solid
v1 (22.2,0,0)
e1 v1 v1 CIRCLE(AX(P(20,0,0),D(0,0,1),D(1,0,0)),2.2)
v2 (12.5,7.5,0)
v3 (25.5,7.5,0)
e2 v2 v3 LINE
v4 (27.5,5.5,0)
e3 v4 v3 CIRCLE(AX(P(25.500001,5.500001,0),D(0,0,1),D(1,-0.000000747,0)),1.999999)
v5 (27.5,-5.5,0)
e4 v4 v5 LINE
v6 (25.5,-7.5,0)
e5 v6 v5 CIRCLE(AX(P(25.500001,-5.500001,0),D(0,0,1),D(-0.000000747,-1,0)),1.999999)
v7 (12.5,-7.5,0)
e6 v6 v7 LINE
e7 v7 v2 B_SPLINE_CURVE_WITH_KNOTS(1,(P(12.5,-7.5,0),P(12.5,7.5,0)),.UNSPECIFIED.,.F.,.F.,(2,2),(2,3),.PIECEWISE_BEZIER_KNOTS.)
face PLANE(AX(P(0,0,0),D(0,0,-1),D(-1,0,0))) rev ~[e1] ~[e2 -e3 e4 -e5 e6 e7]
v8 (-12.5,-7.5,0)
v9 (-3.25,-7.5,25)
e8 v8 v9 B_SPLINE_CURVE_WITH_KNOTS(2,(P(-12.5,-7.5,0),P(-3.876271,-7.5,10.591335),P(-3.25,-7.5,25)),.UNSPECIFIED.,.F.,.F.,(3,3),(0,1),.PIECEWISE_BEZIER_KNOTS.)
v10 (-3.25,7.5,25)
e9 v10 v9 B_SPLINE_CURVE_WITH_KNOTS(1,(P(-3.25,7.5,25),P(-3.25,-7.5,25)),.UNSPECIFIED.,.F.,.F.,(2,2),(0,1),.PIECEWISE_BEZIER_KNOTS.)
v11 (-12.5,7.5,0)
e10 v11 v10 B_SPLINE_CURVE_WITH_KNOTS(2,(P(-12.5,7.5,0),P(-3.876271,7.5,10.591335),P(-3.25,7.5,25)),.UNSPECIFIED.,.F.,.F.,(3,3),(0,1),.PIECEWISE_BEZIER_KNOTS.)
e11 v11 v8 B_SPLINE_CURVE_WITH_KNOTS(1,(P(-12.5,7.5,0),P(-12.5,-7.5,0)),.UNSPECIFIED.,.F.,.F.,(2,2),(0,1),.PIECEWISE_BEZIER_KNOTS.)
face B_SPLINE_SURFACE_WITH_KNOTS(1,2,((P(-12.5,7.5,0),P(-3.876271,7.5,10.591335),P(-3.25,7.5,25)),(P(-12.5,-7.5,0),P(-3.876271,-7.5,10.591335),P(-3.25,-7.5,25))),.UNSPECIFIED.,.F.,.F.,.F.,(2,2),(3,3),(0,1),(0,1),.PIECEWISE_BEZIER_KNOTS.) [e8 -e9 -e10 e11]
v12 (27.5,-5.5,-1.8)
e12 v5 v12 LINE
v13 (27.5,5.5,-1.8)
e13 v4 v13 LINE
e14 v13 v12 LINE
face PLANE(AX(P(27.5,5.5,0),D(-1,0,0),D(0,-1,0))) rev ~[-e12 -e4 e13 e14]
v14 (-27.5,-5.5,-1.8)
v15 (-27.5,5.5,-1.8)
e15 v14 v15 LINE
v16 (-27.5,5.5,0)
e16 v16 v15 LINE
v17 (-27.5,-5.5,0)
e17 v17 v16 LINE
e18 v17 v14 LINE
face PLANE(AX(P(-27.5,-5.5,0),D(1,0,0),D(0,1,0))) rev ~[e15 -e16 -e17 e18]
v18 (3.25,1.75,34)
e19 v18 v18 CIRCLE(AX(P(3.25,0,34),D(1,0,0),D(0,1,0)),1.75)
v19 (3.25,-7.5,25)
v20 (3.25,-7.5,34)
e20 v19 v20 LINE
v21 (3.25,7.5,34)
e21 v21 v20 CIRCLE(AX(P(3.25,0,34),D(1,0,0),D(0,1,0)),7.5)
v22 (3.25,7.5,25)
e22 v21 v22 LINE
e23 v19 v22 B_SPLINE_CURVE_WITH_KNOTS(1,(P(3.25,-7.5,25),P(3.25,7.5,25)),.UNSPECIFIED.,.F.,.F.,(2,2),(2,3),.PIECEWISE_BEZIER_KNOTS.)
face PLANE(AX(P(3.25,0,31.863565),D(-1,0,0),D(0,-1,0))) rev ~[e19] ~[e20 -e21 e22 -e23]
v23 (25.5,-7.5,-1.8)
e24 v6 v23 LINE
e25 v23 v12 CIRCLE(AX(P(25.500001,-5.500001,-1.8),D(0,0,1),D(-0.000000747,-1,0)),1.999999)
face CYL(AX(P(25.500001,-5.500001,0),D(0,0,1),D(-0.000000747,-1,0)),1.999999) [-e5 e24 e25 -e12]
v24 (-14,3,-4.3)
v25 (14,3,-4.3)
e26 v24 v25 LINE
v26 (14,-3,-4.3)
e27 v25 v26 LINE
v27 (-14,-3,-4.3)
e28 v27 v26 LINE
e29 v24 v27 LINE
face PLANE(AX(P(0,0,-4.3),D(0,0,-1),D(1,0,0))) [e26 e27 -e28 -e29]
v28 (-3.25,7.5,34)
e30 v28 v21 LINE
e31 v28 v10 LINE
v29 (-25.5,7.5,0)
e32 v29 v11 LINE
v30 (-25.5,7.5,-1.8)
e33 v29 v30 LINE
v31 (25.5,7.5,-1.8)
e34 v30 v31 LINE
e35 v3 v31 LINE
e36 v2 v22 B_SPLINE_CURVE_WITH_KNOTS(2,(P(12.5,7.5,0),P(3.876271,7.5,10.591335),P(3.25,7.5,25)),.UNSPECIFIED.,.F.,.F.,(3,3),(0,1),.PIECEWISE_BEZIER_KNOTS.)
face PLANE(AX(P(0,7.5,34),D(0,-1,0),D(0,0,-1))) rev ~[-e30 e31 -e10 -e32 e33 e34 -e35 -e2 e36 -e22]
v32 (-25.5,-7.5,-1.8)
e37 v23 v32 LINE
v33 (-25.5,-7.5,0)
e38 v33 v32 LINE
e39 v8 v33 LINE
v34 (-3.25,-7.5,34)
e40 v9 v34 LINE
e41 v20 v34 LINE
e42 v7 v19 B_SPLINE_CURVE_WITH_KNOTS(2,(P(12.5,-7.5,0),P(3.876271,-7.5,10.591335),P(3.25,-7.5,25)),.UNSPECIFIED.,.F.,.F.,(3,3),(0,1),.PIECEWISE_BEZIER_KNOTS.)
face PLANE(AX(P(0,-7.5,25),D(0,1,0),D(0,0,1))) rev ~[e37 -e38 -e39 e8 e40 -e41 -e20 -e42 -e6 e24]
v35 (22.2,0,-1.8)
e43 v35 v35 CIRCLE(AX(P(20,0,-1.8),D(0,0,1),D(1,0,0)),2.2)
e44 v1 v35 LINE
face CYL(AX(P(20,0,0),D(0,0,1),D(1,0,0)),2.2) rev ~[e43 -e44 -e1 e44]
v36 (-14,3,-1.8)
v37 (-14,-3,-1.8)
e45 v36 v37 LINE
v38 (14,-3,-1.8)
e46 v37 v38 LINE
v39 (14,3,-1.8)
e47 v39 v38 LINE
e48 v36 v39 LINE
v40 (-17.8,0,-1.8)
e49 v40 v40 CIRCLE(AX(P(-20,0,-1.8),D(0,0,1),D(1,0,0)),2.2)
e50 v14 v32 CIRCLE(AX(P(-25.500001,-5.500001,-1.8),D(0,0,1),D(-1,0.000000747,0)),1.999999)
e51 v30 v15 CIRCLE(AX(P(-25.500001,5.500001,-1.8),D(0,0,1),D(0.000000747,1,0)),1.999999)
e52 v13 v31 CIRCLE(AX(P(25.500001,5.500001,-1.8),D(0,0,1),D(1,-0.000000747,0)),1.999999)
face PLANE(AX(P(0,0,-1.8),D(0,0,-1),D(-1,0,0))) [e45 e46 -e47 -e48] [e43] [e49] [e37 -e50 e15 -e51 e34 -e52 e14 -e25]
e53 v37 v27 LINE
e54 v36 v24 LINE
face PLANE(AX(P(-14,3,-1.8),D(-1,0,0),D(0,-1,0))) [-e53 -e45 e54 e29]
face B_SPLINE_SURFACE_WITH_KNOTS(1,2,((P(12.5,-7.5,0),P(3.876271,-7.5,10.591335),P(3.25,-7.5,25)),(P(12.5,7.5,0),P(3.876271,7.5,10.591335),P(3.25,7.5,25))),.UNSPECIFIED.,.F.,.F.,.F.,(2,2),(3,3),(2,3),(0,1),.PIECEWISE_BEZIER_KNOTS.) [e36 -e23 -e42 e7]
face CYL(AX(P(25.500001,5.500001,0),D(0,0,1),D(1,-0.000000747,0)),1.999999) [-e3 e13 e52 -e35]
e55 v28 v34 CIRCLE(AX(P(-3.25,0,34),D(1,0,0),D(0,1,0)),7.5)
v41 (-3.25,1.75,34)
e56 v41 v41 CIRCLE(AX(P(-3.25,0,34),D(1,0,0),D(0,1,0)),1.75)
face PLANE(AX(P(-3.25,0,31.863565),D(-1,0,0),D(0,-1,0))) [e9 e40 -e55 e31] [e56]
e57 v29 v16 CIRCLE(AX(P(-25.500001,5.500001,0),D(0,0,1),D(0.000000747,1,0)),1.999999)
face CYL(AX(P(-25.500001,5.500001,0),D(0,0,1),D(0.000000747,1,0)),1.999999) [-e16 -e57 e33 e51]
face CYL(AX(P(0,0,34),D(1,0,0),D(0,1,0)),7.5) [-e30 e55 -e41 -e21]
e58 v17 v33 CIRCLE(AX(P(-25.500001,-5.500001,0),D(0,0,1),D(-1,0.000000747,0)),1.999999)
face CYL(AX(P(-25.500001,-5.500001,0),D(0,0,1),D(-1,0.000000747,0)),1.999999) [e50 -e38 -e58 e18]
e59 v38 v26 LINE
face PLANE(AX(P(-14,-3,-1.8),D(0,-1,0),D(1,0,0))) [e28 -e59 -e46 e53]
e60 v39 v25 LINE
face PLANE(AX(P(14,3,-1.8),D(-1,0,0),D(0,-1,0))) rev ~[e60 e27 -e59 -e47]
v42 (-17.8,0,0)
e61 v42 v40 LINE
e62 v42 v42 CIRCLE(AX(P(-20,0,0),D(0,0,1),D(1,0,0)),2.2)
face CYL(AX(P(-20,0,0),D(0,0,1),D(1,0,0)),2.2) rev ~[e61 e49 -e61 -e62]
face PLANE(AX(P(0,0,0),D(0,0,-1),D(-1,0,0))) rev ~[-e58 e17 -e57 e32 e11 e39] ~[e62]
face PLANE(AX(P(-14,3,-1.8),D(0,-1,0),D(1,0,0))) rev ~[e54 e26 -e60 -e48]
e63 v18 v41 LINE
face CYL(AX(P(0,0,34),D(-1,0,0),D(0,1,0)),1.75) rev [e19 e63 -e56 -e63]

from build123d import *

# Parameters (mm, degrees)
SKETCH014_R  = 2.2
PAD010_DEPTH = 1.8
SKETCH016_W  = 25
SKETCH016_H  = 15
SKETCH025_W  = 18
SKETCH025_H  = 15
SKETCH017_W  = 6.5
SKETCH017_H  = 15
SKETCH018_R  = 1.75
PAD011_DEPTH = 3.25
SKETCH015_W  = 28
SKETCH015_H  = 6
PAD012_DEPTH = 2.5


with BuildPart() as part:
    # Sketch014 → Pad010 (new body)
    with BuildSketch(Plane.XY):
        with BuildLine():
            Line((-25.5, 7.5), (25.5, 7.5))
            ThreePointArc((27.5, 5.5), (26.914214, 6.914214), (25.5, 7.5))
            Line((27.5, 5.5), (27.5, -5.5))
            ThreePointArc((25.5, -7.5), (26.914214, -6.914214), (27.5, -5.5))
            Line((25.5, -7.5), (-25.5, -7.5))
            ThreePointArc((-27.5, -5.5), (-26.914214, -6.914214), (-25.5, -7.5))
            Line((-27.5, -5.5), (-27.5, 5.5))
            ThreePointArc((-25.5, 7.5), (-26.914214, 6.914214), (-27.5, 5.5))
        make_face()
        with Locations((-20, 0)):
            Circle(SKETCH014_R, mode=Mode.SUBTRACT)
        with Locations((20, 0)):
            Circle(SKETCH014_R, mode=Mode.SUBTRACT)
    extrude(amount=-PAD010_DEPTH)

    # Sketch016 → AdditiveLoft section 0
    with BuildSketch(Plane.XY):
        Rectangle(SKETCH016_W, SKETCH016_H)
    # Sketch025 → AdditiveLoft section 1
    with BuildSketch(Plane.XY.offset(5)):
        Rectangle(SKETCH025_W, SKETCH025_H)
    # Sketch017 → AdditiveLoft section 2
    with BuildSketch(Plane.XY.offset(25)):
        Rectangle(SKETCH017_W, SKETCH017_H)
    loft()

    # Sketch018 → Pad011 (join, symmetric)
    with BuildSketch(Plane(origin=(0, 0, 25), x_dir=(0, 1, 0), z_dir=(1, 0, 0))):
        with BuildLine():
            Line((7.5, 0), (-7.5, 0))
            Line((-7.5, 0), (-7.5, 9))
            ThreePointArc((7.5, 9), (0, 16.5), (-7.5, 9))
            Line((7.5, 9), (7.5, 0))
        make_face()
        with Locations((0, 9)):
            Circle(SKETCH018_R, mode=Mode.SUBTRACT)
    extrude(amount=PAD011_DEPTH, both=True)

    # Sketch015 → Pad012 (join)
    with BuildSketch(Plane(origin=(0, 0, -1.8), x_dir=(1, 0, 0), z_dir=(0, 0, -1))):
        Rectangle(SKETCH015_W, SKETCH015_H)
    extrude(amount=PAD012_DEPTH)


solid = part.part
